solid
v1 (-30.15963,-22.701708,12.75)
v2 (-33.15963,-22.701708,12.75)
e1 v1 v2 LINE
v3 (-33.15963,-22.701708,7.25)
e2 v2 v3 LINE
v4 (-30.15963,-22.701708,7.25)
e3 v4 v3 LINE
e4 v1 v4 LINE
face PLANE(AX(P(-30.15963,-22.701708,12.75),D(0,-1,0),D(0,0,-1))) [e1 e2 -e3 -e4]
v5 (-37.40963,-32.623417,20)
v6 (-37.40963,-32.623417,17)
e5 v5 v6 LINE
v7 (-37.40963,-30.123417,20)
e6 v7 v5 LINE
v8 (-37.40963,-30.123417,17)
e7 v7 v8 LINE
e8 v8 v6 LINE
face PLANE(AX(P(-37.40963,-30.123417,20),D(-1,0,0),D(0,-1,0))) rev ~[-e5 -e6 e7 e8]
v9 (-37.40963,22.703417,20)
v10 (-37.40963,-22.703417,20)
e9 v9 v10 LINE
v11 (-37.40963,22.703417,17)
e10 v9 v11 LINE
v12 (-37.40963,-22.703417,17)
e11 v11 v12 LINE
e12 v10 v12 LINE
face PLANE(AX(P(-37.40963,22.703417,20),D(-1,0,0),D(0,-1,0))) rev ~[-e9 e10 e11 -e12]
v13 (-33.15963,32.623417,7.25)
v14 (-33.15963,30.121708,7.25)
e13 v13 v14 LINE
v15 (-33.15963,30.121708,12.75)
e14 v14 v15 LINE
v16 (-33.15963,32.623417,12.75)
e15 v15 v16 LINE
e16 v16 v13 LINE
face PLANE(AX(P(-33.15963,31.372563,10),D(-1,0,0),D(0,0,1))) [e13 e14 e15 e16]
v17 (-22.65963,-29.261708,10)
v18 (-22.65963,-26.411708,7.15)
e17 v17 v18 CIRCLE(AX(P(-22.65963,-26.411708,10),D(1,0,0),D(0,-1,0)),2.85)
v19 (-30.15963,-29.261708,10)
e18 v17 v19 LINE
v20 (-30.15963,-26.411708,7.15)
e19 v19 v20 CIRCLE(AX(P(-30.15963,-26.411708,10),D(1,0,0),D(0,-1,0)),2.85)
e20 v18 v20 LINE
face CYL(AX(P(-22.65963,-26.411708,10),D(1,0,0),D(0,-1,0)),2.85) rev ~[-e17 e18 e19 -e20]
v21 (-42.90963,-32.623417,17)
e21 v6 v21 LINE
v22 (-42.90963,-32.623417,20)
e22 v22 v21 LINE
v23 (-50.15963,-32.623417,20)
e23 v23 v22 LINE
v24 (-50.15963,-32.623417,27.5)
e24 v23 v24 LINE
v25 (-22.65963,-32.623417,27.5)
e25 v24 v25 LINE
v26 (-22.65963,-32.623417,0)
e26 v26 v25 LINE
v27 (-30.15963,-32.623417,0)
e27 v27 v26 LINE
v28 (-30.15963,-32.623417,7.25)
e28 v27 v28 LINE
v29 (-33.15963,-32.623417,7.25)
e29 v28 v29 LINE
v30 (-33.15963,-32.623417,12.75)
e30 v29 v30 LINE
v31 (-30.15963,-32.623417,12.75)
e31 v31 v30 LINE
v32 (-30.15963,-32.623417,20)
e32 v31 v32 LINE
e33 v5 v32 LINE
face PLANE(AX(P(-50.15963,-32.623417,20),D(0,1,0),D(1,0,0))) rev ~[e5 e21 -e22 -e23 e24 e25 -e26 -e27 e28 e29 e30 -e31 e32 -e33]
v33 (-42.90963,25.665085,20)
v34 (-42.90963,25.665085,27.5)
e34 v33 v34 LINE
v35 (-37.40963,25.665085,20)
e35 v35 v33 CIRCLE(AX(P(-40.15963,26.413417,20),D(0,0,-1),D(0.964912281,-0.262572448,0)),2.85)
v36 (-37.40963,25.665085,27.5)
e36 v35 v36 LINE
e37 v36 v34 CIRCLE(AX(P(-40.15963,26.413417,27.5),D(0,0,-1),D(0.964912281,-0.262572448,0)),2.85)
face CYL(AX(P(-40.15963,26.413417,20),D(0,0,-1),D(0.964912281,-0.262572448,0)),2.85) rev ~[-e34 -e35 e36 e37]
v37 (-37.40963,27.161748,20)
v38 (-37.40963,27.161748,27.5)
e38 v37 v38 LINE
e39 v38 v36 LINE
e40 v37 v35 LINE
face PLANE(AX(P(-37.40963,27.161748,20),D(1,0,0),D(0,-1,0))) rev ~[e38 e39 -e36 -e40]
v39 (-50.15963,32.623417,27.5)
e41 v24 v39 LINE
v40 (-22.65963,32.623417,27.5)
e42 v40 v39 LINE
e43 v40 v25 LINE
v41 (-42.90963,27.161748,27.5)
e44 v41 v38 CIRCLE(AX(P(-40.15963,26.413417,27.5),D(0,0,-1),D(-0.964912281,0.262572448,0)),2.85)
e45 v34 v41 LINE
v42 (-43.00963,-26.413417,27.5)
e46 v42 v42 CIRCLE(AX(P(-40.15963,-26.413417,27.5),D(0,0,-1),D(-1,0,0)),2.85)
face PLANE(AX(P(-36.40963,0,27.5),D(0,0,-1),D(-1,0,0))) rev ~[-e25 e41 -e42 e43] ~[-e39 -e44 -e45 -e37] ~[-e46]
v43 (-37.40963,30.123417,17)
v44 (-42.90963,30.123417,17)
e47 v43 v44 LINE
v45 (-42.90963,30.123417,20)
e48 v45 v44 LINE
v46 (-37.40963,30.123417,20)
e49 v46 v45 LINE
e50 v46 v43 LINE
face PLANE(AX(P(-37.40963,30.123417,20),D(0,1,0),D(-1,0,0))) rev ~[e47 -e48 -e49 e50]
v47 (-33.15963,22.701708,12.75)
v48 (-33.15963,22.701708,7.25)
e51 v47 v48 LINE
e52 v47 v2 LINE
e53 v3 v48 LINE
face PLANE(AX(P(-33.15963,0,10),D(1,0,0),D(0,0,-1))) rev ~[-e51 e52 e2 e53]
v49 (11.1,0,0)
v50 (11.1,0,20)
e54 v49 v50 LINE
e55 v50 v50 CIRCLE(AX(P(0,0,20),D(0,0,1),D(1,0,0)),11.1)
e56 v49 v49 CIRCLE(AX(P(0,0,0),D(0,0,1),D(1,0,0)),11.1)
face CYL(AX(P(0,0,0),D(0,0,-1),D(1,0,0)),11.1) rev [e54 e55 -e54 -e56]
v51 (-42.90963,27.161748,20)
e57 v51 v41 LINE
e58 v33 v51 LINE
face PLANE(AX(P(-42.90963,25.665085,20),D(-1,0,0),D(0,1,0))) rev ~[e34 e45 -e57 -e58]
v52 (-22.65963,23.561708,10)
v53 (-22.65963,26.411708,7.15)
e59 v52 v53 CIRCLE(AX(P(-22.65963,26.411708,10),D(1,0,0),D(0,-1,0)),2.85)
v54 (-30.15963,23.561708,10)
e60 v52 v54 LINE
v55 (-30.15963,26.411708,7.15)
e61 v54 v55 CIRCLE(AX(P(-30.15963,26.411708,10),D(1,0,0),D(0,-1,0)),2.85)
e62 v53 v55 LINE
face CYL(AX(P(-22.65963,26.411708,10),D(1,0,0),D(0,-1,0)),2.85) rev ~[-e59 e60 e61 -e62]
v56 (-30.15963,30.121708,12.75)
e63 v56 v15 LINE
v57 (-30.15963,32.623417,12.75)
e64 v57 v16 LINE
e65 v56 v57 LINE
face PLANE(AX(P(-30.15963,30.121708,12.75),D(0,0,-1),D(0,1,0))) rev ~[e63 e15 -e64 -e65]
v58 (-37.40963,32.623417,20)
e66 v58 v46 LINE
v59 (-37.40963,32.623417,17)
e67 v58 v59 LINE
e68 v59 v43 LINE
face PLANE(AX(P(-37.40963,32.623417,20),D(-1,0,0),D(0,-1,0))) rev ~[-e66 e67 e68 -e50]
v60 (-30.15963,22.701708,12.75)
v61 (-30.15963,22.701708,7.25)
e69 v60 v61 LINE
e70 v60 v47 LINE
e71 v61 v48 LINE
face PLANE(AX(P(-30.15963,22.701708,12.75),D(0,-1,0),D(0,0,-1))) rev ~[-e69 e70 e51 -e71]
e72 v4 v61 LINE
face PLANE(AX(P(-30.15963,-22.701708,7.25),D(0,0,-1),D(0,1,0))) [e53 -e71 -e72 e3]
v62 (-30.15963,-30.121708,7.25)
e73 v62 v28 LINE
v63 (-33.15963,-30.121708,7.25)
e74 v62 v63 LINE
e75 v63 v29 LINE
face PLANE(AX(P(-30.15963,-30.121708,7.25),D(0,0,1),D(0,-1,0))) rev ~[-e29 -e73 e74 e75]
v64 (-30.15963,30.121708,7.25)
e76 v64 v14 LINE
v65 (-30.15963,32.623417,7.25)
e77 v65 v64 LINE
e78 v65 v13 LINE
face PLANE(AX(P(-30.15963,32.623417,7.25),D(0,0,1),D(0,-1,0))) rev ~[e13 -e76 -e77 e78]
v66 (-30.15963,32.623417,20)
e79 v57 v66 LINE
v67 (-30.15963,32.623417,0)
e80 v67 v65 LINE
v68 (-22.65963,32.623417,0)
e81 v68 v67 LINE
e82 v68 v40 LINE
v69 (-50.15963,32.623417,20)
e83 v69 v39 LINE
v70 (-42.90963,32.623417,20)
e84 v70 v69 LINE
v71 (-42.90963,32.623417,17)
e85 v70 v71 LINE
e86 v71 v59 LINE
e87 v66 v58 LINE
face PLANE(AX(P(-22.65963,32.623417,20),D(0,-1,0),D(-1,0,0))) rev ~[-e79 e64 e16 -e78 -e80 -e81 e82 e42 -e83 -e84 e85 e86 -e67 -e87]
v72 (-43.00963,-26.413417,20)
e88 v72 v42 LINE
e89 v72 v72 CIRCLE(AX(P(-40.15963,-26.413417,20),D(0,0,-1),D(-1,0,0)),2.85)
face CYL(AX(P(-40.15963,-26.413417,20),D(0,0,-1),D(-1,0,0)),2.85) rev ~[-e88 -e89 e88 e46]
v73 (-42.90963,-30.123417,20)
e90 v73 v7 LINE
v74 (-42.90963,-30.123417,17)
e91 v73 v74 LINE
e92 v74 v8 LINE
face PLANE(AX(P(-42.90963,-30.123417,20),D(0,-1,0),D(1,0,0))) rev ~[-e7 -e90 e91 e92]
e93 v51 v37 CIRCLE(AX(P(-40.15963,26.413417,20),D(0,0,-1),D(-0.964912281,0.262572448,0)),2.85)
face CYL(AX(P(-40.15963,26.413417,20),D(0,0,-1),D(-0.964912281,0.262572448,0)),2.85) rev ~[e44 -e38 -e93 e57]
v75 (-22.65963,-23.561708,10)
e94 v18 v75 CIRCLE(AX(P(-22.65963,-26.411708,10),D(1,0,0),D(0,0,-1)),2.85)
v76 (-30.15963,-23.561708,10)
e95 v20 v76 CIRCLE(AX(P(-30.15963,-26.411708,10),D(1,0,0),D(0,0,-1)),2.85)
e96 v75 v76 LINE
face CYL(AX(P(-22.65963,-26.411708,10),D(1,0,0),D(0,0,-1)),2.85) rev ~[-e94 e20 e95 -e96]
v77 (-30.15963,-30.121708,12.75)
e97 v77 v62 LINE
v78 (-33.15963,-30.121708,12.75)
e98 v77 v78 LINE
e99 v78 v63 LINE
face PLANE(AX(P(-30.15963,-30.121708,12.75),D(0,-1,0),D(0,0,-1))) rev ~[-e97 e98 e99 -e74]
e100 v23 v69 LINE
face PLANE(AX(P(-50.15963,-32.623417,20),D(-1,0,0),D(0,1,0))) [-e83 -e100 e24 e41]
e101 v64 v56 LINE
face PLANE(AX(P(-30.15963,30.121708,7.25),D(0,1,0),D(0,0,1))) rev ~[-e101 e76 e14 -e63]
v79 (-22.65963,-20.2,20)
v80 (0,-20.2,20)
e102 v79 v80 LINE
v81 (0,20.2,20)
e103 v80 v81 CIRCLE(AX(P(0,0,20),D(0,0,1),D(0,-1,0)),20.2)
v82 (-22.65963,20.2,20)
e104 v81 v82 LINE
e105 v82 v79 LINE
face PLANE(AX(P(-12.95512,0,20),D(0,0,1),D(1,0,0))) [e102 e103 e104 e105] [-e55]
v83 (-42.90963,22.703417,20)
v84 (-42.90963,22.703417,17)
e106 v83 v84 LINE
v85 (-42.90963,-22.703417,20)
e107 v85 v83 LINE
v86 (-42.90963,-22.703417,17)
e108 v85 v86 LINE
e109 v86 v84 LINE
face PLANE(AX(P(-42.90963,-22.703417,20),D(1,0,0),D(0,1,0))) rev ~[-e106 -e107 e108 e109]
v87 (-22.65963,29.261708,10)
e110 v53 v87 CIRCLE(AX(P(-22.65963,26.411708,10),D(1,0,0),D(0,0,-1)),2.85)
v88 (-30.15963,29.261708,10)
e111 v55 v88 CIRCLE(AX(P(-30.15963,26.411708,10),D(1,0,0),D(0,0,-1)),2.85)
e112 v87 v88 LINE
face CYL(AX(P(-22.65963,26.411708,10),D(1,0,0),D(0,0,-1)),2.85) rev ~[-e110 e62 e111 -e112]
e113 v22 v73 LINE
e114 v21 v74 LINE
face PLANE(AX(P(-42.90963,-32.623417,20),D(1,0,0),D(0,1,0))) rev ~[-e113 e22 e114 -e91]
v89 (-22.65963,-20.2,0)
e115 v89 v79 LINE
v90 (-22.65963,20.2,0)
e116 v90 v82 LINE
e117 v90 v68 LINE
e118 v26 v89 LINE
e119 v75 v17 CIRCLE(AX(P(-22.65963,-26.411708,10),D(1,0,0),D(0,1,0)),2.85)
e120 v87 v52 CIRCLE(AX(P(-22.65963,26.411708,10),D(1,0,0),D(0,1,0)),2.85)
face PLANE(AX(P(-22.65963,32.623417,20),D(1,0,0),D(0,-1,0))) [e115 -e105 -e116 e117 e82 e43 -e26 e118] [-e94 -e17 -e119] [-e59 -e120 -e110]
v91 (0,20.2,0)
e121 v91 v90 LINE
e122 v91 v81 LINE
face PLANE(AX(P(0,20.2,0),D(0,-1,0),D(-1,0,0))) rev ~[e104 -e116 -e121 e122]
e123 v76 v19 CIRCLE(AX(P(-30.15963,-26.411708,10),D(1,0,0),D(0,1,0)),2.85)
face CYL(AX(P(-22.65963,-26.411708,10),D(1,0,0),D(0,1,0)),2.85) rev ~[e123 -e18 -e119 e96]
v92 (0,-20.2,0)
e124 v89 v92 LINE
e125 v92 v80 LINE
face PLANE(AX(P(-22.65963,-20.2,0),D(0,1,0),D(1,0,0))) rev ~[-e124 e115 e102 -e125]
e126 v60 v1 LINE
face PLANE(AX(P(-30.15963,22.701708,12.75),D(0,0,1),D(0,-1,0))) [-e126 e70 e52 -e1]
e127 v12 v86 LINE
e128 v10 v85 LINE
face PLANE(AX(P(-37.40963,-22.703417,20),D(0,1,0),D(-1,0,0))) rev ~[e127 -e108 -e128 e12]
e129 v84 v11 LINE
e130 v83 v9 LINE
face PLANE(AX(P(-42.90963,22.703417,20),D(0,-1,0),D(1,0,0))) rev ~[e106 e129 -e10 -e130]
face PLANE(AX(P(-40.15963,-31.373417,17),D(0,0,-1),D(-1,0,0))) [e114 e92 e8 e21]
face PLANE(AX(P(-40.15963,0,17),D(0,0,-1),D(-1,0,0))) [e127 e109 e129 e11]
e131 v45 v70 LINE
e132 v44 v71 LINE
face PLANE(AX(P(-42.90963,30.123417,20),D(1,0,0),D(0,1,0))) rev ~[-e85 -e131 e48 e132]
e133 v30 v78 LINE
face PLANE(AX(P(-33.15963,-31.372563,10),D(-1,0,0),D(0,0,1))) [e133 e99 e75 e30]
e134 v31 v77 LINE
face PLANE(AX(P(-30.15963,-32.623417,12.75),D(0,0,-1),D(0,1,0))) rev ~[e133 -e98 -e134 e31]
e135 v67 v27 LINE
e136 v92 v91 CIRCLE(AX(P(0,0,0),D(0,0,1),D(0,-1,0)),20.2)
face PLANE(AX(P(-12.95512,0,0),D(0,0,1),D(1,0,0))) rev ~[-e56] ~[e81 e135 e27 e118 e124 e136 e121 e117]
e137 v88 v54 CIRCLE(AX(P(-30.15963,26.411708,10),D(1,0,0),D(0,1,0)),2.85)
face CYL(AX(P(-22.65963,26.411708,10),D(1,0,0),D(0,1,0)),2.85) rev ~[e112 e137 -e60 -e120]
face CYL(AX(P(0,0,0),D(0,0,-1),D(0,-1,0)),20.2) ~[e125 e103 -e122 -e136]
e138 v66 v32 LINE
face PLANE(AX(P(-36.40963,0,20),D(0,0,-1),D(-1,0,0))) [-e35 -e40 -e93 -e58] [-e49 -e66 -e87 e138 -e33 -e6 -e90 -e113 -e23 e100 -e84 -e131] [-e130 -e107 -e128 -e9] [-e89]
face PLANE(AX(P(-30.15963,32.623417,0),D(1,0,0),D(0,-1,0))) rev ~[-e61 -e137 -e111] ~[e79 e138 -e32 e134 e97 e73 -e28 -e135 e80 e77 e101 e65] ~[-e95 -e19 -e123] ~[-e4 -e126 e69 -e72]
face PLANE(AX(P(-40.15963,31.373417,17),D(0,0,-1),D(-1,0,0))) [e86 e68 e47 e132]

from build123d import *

# Parameters (mm, degrees)
SKETCH_2_R          = 11.1
EXTRUDE_4_DEPTH     = 20
CUT_EXTRUDE_1_DEPTH = 10
EXTRUDE_5_DEPTH     = 3
EXTRUDE_6_DEPTH     = 7.5
SKETCH_19_R         = 2.85
CUT_EXTRUDE_2_DEPTH = 10
EXTRUDE_7_DEPTH     = 3


with BuildPart() as part:
    # Эскиз2 → Бобышка-Вытянуть4 (new body)
    with BuildSketch(Plane.XY):
        with BuildLine():
            Line((0, 20.2), (-22.659630228, 20.2))
            Line((-22.659630228, 20.2), (-22.659630228, 32.623416793))
            Line((-22.659630228, 32.623416793), (-30.159630228, 32.623416793))
            Line((-30.159630228, 32.623416793), (-30.159630228, -32.623416793))
            Line((-30.159630228, -32.623416793), (-22.659630228, -32.623416793))
            Line((-22.659630228, -32.623416793), (-22.659630228, -20.2))
            Line((-22.659630228, -20.2), (0, -20.2))
            ThreePointArc((0, -20.2), (20.2, 0), (0, 20.2))
        make_face()
        Circle(SKETCH_2_R, mode=Mode.SUBTRACT)
    extrude(amount=EXTRUDE_4_DEPTH)

    # Эскиз8 → Вырез-Вытянуть1 (cut)
    with BuildSketch(Plane(origin=(-22.659630228, 0, 0), x_dir=(0, 0, -1), z_dir=(1, 0, 0))):
        with BuildLine():
            ThreePointArc((-10, -23.561708397), (-12.85, -26.411708397), (-10, -29.261708397))
            Line((-10, -29.261708397), (-10, -23.561708397))
        make_face()
        with BuildLine():
            Line((-10, -23.561708397), (-10, -29.261708397))
            ThreePointArc((-10, -29.261708397), (-7.984745674, -28.426962723), (-7.15, -26.411708397))
            ThreePointArc((-7.15, -26.411708397), (-7.984745674, -24.39645407), (-10, -23.561708397))
        make_face()
        with BuildLine():
            ThreePointArc((-7.15, 26.411708397), (-7.984745674, 28.426962723), (-10, 29.261708397))
            Line((-10, 29.261708397), (-10, 23.561708397))
            ThreePointArc((-10, 23.561708397), (-7.984745674, 24.39645407), (-7.15, 26.411708397))
        make_face()
        with BuildLine():
            Line((-10, 23.561708397), (-10, 29.261708397))
            ThreePointArc((-10, 29.261708397), (-12.85, 26.411708397), (-10, 23.561708397))
        make_face()
    extrude(amount=-CUT_EXTRUDE_1_DEPTH, mode=Mode.SUBTRACT)

    # Эскиз15 → Бобышка-Вытянуть5 (add)
    with BuildSketch(Plane.ZY.offset(30.159630228)):
        Polygon((7.25, 22.701708397), (10, 22.701708397), (12.75, 22.701708397), (12.75, -22.701708397), (7.25, -22.701708397), align=None)
        Polygon((7.25, 32.623416793), (7.25, 30.121708397), (10, 30.121708397), (12.75, 30.121708397), (12.75, 32.623416793), align=None)
        Polygon((10, -30.121708397), (7.756029521, -30.121708397), (7.25, -30.121708397), (7.25, -32.623416793), (12.75, -32.623416793), (12.75, -30.121708397), align=None)
    extrude(amount=EXTRUDE_5_DEPTH)

    # Эскиз18 → Бобышка-Вытянуть6 (add)
    with BuildSketch(Plane.XY.offset(20)):
        Polygon((-30.159630228, -32.623416793), (-50.159630228, -32.623416793), (-50.159630228, 32.623416793), (-30.159630228, 32.623416793), (-22.659630228, 32.623416793), (-22.659630228, -32.623416793), align=None)
    extrude(amount=EXTRUDE_6_DEPTH)

    # Эскиз19 → Вырез-Вытянуть2 (cut)
    with BuildSketch(Plane(origin=(0, 0, 20), x_dir=(-1, 0, 0), z_dir=(0, 0, -1))):
        with Locations((40.159630228, -26.413416793)):
            Circle(SKETCH_19_R)
        with BuildLine():
            Line((37.409630228, 27.161748271), (37.409630228, 25.665085316))
            ThreePointArc((37.409630228, 25.665085316), (40.159630228, 23.563416793), (42.909630228, 25.665085316))
            Line((42.909630228, 25.665085316), (42.909630228, 27.161748271))
            ThreePointArc((42.909630228, 27.161748271), (40.159630228, 29.263416793), (37.409630228, 27.161748271))
        make_face()
    extrude(amount=-CUT_EXTRUDE_2_DEPTH, mode=Mode.SUBTRACT)

    # Эскиз19<14> → Бобышка-Вытянуть7 (add)
    with BuildSketch(Plane(origin=(0, 0, 20), x_dir=(-1, 0, 0), z_dir=(0, 0, -1))):
        Polygon((37.409630228, -22.703416793), (40.159630228, -22.703416793), (42.909630228, -22.703416793), (42.909630228, 22.703416793), (40.159630228, 22.703416793), (37.409630228, 22.703416793), align=None)
        Polygon((37.409630228, 32.623416793), (37.409630228, 30.123416793), (40.159630228, 30.123416793), (42.909630228, 30.123416793), (42.909630228, 32.623416793), align=None)
        Polygon((42.909630228, -30.123416793), (40.159630228, -30.123416793), (37.409630228, -30.123416793), (37.409630228, -32.623416793), (42.909630228, -32.623416793), align=None)
    extrude(amount=EXTRUDE_7_DEPTH)


solid = part.part
